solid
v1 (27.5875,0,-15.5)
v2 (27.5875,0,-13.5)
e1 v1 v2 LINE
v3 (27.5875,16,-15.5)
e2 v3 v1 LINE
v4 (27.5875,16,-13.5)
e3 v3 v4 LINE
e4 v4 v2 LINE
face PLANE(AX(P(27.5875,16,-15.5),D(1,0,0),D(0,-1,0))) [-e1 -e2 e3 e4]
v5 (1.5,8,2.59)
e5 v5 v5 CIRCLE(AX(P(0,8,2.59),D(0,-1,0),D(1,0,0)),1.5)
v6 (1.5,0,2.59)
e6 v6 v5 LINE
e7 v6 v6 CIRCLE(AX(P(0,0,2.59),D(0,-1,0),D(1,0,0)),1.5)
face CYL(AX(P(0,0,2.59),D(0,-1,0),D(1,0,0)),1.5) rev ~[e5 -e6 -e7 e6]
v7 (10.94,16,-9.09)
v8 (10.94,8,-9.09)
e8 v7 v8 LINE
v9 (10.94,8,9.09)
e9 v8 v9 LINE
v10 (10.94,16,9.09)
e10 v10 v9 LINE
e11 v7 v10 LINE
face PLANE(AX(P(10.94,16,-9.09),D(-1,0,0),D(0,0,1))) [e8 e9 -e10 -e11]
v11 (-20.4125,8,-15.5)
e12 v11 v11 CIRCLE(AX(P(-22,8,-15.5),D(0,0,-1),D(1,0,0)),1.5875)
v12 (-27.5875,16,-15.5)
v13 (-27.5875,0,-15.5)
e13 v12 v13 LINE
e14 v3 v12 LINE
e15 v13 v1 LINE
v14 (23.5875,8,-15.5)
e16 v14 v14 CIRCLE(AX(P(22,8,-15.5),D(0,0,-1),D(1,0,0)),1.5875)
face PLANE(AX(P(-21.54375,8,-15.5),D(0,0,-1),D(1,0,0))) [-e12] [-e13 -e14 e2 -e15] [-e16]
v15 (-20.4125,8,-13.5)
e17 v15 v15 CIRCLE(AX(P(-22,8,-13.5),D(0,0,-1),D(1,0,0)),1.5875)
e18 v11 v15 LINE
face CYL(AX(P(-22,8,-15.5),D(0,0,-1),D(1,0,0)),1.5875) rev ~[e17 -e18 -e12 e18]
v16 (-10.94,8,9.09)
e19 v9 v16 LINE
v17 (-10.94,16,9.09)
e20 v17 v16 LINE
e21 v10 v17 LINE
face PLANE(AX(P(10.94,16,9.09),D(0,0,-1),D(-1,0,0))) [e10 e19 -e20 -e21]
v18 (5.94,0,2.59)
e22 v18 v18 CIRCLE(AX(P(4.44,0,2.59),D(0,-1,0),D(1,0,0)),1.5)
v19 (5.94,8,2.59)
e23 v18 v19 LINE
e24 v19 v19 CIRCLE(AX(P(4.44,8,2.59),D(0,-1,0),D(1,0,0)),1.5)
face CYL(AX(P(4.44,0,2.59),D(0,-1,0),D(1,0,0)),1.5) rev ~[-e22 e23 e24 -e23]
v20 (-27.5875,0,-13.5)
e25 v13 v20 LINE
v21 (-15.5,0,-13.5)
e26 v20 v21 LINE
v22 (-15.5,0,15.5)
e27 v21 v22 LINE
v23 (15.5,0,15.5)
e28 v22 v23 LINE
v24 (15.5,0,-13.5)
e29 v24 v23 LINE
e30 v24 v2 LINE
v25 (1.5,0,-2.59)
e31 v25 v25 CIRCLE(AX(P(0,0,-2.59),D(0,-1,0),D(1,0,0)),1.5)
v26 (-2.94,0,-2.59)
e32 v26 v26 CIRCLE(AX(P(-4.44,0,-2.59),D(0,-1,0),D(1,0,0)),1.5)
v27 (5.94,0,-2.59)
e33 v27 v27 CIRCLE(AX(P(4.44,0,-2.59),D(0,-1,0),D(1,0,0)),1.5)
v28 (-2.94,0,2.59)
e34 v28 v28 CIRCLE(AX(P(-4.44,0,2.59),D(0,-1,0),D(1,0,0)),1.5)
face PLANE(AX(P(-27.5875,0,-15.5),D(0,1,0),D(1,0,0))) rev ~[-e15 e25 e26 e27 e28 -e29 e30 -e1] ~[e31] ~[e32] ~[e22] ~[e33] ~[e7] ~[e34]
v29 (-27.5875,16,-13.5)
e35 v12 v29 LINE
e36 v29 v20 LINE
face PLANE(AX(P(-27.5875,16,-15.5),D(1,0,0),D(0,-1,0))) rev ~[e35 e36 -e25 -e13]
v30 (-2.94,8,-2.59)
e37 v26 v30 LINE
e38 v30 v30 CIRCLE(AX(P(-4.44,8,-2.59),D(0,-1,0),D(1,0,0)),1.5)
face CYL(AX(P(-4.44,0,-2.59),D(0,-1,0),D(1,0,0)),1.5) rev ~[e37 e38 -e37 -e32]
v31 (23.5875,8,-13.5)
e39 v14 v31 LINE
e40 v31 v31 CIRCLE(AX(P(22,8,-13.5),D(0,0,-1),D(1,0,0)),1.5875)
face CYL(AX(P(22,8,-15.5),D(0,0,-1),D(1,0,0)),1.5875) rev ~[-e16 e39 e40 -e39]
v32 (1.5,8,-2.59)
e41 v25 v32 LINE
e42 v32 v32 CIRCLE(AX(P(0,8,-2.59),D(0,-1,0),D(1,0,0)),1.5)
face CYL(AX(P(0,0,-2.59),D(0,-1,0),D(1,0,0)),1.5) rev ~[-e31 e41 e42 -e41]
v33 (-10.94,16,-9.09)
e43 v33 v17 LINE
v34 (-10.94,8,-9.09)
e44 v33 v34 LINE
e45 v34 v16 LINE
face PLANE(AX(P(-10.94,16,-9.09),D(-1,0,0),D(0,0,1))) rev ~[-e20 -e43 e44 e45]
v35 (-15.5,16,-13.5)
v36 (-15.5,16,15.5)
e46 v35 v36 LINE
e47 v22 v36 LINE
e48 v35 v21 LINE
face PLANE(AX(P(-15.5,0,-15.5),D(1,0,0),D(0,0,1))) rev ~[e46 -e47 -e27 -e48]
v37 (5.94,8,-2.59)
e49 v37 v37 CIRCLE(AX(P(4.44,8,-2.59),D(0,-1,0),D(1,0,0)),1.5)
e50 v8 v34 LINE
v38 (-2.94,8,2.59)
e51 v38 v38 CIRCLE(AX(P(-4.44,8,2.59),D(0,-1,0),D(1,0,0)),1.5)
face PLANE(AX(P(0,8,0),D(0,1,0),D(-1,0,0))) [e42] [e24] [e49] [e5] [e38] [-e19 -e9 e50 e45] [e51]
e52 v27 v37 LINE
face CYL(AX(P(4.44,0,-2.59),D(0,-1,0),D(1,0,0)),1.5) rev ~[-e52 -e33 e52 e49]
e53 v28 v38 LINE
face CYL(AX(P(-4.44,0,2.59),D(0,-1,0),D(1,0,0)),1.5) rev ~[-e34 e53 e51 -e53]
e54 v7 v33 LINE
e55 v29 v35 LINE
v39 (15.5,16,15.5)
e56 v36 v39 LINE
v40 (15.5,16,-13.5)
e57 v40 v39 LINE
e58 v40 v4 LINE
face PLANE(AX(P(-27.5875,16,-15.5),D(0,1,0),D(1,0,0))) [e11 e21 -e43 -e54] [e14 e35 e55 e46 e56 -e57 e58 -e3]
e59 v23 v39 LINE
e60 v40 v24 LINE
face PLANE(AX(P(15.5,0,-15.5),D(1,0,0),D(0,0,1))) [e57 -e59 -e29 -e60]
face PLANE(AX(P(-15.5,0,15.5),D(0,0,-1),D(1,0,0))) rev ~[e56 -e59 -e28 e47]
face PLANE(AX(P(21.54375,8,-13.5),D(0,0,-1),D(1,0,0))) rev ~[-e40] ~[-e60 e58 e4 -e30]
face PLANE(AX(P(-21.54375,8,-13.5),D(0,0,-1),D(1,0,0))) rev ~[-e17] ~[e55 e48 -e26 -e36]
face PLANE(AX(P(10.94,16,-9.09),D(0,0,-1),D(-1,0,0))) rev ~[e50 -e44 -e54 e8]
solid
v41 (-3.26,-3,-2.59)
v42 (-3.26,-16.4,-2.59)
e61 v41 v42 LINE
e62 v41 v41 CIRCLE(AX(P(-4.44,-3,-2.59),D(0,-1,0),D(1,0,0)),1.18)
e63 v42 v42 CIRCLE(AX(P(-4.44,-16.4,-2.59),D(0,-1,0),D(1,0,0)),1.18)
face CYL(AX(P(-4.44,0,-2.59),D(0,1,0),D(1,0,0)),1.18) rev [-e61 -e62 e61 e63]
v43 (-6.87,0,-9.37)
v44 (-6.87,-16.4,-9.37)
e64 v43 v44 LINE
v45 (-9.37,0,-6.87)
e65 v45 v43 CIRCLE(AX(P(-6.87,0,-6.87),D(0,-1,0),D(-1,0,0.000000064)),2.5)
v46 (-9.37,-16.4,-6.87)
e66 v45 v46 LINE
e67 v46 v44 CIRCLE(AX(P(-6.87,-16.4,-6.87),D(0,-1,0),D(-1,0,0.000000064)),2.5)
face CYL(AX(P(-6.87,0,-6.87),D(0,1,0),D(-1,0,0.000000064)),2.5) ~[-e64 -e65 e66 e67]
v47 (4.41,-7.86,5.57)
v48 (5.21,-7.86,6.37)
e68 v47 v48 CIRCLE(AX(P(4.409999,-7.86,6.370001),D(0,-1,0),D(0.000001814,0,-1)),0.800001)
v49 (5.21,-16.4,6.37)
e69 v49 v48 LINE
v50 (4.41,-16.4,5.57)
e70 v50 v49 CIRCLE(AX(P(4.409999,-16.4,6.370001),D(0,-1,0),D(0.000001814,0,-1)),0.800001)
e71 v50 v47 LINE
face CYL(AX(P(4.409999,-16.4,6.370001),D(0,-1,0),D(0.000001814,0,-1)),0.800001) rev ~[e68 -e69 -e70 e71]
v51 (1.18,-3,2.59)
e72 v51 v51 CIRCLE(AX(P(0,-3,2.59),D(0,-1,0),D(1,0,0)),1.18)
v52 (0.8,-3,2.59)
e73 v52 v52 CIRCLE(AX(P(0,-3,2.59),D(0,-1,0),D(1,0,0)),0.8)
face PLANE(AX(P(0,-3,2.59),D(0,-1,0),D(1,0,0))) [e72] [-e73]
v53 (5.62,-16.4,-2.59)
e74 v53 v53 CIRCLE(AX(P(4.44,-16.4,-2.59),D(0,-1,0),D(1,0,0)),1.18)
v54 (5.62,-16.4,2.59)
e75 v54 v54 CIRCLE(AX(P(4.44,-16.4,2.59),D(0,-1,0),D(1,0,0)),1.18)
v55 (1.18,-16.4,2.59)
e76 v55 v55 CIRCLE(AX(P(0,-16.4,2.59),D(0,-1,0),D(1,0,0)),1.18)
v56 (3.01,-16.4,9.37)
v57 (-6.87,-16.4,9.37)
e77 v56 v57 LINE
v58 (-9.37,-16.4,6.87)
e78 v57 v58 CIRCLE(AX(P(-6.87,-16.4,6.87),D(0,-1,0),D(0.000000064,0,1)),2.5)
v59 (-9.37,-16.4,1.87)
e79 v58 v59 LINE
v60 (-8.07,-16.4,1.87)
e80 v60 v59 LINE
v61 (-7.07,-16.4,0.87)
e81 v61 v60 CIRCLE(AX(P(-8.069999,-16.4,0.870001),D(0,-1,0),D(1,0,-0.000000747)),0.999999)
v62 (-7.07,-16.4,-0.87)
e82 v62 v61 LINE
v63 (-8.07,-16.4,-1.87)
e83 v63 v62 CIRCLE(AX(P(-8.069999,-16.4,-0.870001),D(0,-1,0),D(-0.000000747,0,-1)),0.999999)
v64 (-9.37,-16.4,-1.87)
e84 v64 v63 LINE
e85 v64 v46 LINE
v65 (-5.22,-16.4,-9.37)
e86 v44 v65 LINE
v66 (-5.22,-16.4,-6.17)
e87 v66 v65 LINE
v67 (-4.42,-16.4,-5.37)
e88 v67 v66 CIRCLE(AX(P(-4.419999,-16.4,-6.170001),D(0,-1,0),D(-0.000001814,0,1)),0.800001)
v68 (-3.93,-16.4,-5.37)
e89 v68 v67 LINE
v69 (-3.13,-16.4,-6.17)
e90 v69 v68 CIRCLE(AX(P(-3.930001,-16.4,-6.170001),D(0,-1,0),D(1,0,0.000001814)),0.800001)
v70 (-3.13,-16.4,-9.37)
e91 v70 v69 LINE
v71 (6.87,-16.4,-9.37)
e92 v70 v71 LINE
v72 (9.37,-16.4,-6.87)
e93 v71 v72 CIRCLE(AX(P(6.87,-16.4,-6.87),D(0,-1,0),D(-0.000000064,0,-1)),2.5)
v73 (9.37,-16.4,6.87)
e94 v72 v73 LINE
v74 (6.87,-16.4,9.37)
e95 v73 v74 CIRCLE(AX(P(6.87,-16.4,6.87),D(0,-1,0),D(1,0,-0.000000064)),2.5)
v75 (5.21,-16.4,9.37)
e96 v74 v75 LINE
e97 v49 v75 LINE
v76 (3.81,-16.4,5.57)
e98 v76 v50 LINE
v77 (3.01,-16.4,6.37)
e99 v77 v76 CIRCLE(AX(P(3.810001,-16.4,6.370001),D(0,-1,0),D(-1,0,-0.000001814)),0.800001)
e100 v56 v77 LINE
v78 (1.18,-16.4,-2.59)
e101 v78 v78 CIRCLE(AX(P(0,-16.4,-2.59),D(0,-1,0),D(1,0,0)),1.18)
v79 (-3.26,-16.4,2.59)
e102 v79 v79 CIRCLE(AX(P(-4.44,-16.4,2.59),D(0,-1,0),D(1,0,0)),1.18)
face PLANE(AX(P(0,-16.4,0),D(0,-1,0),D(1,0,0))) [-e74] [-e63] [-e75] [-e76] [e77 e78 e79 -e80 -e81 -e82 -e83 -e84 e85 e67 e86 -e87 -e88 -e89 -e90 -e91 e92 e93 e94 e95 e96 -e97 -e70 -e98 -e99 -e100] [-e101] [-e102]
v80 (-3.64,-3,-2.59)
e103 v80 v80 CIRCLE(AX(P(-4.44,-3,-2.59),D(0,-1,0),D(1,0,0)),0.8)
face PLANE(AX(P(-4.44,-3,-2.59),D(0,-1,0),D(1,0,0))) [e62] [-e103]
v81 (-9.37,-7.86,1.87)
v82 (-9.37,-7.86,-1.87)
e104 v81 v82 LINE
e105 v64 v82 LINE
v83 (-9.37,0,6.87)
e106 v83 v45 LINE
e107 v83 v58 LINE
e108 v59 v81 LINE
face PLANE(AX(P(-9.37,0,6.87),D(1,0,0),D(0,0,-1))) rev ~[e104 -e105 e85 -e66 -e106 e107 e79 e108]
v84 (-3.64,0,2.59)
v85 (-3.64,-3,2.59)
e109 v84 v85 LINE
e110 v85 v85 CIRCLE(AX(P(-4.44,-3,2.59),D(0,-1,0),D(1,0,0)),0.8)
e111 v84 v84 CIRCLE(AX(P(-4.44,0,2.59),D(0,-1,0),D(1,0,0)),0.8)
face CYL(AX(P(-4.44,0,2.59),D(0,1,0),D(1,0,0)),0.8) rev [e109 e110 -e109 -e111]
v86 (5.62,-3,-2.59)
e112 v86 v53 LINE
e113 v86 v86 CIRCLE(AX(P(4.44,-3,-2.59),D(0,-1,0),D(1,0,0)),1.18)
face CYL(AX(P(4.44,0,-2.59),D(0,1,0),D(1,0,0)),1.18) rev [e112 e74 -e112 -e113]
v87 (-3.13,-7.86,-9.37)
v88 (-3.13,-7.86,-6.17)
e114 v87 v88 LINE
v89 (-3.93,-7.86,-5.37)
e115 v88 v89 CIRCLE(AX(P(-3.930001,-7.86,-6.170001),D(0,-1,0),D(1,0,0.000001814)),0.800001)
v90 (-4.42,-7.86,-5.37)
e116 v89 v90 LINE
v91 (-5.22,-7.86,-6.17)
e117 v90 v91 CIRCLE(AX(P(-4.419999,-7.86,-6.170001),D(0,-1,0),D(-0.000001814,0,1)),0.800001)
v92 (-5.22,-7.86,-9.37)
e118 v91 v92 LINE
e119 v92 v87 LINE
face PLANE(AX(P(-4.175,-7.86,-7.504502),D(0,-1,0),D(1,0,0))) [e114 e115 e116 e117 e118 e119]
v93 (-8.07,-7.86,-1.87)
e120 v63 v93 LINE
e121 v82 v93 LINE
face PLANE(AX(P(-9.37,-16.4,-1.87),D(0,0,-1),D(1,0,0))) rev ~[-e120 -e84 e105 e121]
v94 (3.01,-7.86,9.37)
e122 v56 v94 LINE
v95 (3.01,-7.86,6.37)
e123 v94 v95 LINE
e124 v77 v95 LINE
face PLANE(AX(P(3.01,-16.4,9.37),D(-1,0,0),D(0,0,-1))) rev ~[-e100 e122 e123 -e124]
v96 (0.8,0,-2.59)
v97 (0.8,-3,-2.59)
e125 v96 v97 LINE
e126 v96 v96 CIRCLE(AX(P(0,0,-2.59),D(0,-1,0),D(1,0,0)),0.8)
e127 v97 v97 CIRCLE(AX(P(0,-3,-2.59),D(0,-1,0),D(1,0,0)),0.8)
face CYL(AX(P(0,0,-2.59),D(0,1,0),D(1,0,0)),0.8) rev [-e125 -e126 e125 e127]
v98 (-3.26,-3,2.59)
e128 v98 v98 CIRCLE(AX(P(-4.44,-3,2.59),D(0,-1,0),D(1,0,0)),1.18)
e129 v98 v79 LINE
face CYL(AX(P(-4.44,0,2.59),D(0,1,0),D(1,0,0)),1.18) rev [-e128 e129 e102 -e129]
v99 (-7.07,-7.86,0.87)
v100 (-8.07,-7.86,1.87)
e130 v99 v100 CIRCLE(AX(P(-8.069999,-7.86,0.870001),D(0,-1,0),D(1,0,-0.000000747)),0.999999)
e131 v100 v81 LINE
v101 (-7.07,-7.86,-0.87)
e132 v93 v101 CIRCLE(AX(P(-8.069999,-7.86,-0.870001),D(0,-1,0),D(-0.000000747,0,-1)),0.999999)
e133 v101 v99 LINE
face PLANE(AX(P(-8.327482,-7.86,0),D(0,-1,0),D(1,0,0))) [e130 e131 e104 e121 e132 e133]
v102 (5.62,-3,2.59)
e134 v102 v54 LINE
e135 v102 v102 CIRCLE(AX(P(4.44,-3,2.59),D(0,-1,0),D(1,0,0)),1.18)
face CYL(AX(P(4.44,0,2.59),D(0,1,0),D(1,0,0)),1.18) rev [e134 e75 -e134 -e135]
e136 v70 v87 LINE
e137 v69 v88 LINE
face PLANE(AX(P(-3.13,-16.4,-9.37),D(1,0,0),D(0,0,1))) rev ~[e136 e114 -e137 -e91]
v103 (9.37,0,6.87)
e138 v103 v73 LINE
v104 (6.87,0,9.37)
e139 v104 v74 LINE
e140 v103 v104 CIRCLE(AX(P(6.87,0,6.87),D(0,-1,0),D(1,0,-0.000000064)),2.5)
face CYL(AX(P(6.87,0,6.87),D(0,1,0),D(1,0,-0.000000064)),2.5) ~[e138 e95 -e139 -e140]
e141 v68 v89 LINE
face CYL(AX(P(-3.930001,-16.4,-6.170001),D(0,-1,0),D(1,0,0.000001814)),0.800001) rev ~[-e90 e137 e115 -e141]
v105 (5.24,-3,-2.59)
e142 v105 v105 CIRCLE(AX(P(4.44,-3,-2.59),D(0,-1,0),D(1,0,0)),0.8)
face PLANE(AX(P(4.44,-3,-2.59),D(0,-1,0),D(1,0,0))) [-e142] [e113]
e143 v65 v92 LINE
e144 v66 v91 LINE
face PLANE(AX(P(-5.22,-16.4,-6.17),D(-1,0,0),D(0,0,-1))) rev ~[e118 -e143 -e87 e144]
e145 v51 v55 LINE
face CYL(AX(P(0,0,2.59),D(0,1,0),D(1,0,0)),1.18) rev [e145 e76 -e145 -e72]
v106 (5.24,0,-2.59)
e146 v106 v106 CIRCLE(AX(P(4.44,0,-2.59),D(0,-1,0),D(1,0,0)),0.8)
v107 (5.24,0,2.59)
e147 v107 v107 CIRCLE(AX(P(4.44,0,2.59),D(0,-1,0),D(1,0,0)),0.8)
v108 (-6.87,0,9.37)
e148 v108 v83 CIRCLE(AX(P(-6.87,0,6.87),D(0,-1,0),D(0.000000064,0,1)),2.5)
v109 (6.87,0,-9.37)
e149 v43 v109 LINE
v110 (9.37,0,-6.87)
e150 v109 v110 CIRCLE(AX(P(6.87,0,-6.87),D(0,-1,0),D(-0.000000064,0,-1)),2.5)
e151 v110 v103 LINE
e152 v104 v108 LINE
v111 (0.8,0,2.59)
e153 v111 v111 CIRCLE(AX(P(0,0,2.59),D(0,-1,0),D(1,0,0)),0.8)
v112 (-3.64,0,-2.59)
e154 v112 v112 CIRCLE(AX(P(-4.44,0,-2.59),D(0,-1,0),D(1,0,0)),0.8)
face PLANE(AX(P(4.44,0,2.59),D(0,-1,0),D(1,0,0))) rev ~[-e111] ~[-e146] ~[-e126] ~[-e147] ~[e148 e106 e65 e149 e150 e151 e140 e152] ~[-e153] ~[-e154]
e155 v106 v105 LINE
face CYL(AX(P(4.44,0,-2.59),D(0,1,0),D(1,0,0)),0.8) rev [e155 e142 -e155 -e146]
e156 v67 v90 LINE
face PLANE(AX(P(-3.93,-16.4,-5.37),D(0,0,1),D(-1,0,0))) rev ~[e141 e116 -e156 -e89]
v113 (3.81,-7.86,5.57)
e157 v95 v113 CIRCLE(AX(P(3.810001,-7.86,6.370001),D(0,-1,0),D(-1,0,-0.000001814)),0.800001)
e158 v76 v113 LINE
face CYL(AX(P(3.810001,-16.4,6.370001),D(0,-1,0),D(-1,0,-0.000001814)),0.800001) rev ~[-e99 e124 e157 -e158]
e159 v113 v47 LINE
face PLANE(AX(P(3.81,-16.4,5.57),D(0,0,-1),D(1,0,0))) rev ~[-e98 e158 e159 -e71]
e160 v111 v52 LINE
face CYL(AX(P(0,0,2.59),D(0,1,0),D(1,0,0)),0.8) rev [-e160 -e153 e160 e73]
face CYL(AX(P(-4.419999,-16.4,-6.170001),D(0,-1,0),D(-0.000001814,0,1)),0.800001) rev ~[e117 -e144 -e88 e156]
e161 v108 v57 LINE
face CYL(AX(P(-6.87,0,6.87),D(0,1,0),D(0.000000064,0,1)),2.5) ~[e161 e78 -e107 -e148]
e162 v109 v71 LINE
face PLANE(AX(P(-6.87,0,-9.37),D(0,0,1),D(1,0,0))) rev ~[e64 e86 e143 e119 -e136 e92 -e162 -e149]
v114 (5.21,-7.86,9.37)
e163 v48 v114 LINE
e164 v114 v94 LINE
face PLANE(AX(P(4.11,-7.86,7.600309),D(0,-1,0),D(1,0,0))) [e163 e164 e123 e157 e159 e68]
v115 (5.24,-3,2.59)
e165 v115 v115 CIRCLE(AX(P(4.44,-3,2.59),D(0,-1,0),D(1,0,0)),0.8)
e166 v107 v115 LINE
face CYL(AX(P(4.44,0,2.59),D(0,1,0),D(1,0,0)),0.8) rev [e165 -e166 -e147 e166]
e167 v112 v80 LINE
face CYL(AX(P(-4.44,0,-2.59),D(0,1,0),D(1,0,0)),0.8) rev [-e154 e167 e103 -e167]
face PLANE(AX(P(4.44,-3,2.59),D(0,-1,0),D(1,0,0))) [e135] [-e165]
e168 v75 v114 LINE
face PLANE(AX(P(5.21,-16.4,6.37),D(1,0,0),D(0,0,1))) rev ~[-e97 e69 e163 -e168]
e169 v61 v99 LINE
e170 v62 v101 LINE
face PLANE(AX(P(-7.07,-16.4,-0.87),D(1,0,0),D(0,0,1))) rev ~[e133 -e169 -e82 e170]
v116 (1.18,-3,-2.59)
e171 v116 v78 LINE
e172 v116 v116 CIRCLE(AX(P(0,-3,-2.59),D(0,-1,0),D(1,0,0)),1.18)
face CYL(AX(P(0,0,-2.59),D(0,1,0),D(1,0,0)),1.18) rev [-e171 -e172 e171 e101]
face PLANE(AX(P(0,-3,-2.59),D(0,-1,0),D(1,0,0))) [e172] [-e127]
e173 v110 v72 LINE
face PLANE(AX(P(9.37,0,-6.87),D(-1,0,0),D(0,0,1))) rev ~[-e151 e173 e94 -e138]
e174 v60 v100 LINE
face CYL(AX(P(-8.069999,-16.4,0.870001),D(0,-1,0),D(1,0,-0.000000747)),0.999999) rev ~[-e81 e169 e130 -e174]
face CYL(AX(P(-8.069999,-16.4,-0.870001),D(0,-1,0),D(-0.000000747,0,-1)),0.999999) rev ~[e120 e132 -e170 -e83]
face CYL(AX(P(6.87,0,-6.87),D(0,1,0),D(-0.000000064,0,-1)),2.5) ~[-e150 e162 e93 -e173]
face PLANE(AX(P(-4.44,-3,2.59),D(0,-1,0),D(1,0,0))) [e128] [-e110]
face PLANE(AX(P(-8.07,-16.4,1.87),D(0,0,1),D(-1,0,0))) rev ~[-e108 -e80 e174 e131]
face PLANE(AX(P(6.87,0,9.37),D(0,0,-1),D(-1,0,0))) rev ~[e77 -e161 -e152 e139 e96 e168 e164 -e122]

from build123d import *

# Parameters (mm, degrees)
F0_W      = 31
F0_H      = 31
F0_R      = 1.5
F1_DEPTH  = 16
F2_R      = 1.18
F3_DEPTH  = 16.4
F5_DEPTH  = 8.54
F6_R      = 1.18
F6_R_2    = 0.8
F7_DEPTH  = 3
F8_W      = 21.88
F8_H      = 18.18
F9_DEPTH  = 8
F10_W     = 12.0875
F10_H     = 16
F10_R     = 1.5875
F11_DEPTH = 2


with BuildPart() as f1:
    # F0 (on Front) → F1 (new body)
    with BuildSketch(Plane.XZ):
        Rectangle(F0_W, F0_H)
        with Locations((-4.44, -2.59)):
            Circle(F0_R, mode=Mode.SUBTRACT)
        with Locations((0, -2.59)):
            Circle(F0_R, mode=Mode.SUBTRACT)
        with Locations((4.44, -2.59)):
            Circle(F0_R, mode=Mode.SUBTRACT)
        with Locations((-4.44, 2.59)):
            Circle(F0_R, mode=Mode.SUBTRACT)
        with Locations((0, 2.59)):
            Circle(F0_R, mode=Mode.SUBTRACT)
        with Locations((4.44, 2.59)):
            Circle(F0_R, mode=Mode.SUBTRACT)
    extrude(amount=-F1_DEPTH)

    # F8 (on face) → F9 (cut)
    with BuildSketch(Plane(origin=(0, 16, 0), x_dir=(-1, 0, 0), z_dir=(0, 1, 0))):
        Rectangle(F8_W, F8_H)
    extrude(amount=-F9_DEPTH, mode=Mode.SUBTRACT)

    # F10 (on face) → F11 (join)
    with BuildSketch(Plane(origin=(0, 0, -15.5), x_dir=(1, 0, 0), z_dir=(0, 0, -1))):
        with Locations((-21.54375, -8)):
            Rectangle(F10_W, F10_H)
        with Locations((-22, -8)):
            Circle(F10_R, mode=Mode.SUBTRACT)
        with Locations((21.54375, -8)):
            Rectangle(F10_W, F10_H)
        with Locations((22, -8)):
            Circle(F10_R, mode=Mode.SUBTRACT)
    extrude(amount=-F11_DEPTH)


with BuildPart() as f3:
    # F2 (on face) → F3 (new body)
    with BuildSketch(Plane.XZ):
        with BuildLine():
            ThreePointArc((9.37, 6.87), (8.637767, 8.637767), (6.87, 9.37))
            Line((6.87, 9.37), (-6.87, 9.37))
            ThreePointArc((-6.87, 9.37), (-8.637767, 8.637767), (-9.37, 6.87))
            Line((-9.37, 6.87), (-9.37, -6.87))
            ThreePointArc((-9.37, -6.87), (-8.637767, -8.637767), (-6.87, -9.37))
            Line((-6.87, -9.37), (6.87, -9.37))
            ThreePointArc((6.87, -9.37), (8.637767, -8.637767), (9.37, -6.87))
            Line((9.37, -6.87), (9.37, 6.87))
        make_face()
        with Locations((-4.44, -2.59)):
            Circle(F2_R, mode=Mode.SUBTRACT)
        with Locations((0, -2.59)):
            Circle(F2_R, mode=Mode.SUBTRACT)
        with Locations((4.44, -2.59)):
            Circle(F2_R, mode=Mode.SUBTRACT)
        with Locations((-4.44, 2.59)):
            Circle(F2_R, mode=Mode.SUBTRACT)
        with Locations((0, 2.59)):
            Circle(F2_R, mode=Mode.SUBTRACT)
        with Locations((4.44, 2.59)):
            Circle(F2_R, mode=Mode.SUBTRACT)
    extrude(amount=F3_DEPTH)

    # F4 (on face) → F5 (cut)
    with BuildSketch(Plane.XZ.offset(16.4)):
        with BuildLine():
            Line((5.21, 9.37), (3.01, 9.37))
            Line((3.01, 9.37), (3.01, 6.37))
            ThreePointArc((3.01, 6.37), (3.244315, 5.804315), (3.81, 5.57))
            Line((3.81, 5.57), (4.41, 5.57))
            ThreePointArc((4.41, 5.57), (4.975685, 5.804315), (5.21, 6.37))
            Line((5.21, 6.37), (5.21, 9.37))
        make_face()
        with BuildLine():
            Line((-5.22, -6.17), (-5.22, -9.37))
            Line((-5.22, -9.37), (-3.13, -9.37))
            Line((-3.13, -9.37), (-3.13, -6.17))
            ThreePointArc((-3.13, -6.17), (-3.364315, -5.604315), (-3.93, -5.37))
            Line((-3.93, -5.37), (-4.42, -5.37))
            ThreePointArc((-4.42, -5.37), (-4.985685, -5.604315), (-5.22, -6.17))
        make_face()
        with BuildLine():
            Line((-8.07, 1.87), (-9.37, 1.87))
            Line((-9.37, 1.87), (-9.37, -1.87))
            Line((-9.37, -1.87), (-8.07, -1.87))
            ThreePointArc((-8.07, -1.87), (-7.362893, -1.577107), (-7.07, -0.87))
            Line((-7.07, -0.87), (-7.07, 0.87))
            ThreePointArc((-7.07, 0.87), (-7.362893, 1.577107), (-8.07, 1.87))
        make_face()
    extrude(amount=-F5_DEPTH, mode=Mode.SUBTRACT)

    # F6 (on face) → F7 (join)
    with BuildSketch(Plane.XZ):
        with Locations((4.44, 2.59)):
            Circle(F6_R)
        with Locations((4.44, 2.59)):
            Circle(F6_R_2, mode=Mode.SUBTRACT)
        with Locations((0, 2.59)):
            Circle(F6_R)
        with Locations((0, 2.59)):
            Circle(F6_R_2, mode=Mode.SUBTRACT)
        with Locations((-4.44, 2.59)):
            Circle(F6_R)
        with Locations((-4.44, 2.59)):
            Circle(F6_R_2, mode=Mode.SUBTRACT)
        with Locations((-4.44, -2.59)):
            Circle(F6_R)
        with Locations((-4.44, -2.59)):
            Circle(F6_R_2, mode=Mode.SUBTRACT)
        with Locations((0, -2.59)):
            Circle(F6_R)
        with Locations((0, -2.59)):
            Circle(F6_R_2, mode=Mode.SUBTRACT)
        with Locations((4.44, -2.59)):
            Circle(F6_R)
        with Locations((4.44, -2.59)):
            Circle(F6_R_2, mode=Mode.SUBTRACT)
    extrude(amount=F7_DEPTH)


solid = Compound([f1.part, f3.part])
